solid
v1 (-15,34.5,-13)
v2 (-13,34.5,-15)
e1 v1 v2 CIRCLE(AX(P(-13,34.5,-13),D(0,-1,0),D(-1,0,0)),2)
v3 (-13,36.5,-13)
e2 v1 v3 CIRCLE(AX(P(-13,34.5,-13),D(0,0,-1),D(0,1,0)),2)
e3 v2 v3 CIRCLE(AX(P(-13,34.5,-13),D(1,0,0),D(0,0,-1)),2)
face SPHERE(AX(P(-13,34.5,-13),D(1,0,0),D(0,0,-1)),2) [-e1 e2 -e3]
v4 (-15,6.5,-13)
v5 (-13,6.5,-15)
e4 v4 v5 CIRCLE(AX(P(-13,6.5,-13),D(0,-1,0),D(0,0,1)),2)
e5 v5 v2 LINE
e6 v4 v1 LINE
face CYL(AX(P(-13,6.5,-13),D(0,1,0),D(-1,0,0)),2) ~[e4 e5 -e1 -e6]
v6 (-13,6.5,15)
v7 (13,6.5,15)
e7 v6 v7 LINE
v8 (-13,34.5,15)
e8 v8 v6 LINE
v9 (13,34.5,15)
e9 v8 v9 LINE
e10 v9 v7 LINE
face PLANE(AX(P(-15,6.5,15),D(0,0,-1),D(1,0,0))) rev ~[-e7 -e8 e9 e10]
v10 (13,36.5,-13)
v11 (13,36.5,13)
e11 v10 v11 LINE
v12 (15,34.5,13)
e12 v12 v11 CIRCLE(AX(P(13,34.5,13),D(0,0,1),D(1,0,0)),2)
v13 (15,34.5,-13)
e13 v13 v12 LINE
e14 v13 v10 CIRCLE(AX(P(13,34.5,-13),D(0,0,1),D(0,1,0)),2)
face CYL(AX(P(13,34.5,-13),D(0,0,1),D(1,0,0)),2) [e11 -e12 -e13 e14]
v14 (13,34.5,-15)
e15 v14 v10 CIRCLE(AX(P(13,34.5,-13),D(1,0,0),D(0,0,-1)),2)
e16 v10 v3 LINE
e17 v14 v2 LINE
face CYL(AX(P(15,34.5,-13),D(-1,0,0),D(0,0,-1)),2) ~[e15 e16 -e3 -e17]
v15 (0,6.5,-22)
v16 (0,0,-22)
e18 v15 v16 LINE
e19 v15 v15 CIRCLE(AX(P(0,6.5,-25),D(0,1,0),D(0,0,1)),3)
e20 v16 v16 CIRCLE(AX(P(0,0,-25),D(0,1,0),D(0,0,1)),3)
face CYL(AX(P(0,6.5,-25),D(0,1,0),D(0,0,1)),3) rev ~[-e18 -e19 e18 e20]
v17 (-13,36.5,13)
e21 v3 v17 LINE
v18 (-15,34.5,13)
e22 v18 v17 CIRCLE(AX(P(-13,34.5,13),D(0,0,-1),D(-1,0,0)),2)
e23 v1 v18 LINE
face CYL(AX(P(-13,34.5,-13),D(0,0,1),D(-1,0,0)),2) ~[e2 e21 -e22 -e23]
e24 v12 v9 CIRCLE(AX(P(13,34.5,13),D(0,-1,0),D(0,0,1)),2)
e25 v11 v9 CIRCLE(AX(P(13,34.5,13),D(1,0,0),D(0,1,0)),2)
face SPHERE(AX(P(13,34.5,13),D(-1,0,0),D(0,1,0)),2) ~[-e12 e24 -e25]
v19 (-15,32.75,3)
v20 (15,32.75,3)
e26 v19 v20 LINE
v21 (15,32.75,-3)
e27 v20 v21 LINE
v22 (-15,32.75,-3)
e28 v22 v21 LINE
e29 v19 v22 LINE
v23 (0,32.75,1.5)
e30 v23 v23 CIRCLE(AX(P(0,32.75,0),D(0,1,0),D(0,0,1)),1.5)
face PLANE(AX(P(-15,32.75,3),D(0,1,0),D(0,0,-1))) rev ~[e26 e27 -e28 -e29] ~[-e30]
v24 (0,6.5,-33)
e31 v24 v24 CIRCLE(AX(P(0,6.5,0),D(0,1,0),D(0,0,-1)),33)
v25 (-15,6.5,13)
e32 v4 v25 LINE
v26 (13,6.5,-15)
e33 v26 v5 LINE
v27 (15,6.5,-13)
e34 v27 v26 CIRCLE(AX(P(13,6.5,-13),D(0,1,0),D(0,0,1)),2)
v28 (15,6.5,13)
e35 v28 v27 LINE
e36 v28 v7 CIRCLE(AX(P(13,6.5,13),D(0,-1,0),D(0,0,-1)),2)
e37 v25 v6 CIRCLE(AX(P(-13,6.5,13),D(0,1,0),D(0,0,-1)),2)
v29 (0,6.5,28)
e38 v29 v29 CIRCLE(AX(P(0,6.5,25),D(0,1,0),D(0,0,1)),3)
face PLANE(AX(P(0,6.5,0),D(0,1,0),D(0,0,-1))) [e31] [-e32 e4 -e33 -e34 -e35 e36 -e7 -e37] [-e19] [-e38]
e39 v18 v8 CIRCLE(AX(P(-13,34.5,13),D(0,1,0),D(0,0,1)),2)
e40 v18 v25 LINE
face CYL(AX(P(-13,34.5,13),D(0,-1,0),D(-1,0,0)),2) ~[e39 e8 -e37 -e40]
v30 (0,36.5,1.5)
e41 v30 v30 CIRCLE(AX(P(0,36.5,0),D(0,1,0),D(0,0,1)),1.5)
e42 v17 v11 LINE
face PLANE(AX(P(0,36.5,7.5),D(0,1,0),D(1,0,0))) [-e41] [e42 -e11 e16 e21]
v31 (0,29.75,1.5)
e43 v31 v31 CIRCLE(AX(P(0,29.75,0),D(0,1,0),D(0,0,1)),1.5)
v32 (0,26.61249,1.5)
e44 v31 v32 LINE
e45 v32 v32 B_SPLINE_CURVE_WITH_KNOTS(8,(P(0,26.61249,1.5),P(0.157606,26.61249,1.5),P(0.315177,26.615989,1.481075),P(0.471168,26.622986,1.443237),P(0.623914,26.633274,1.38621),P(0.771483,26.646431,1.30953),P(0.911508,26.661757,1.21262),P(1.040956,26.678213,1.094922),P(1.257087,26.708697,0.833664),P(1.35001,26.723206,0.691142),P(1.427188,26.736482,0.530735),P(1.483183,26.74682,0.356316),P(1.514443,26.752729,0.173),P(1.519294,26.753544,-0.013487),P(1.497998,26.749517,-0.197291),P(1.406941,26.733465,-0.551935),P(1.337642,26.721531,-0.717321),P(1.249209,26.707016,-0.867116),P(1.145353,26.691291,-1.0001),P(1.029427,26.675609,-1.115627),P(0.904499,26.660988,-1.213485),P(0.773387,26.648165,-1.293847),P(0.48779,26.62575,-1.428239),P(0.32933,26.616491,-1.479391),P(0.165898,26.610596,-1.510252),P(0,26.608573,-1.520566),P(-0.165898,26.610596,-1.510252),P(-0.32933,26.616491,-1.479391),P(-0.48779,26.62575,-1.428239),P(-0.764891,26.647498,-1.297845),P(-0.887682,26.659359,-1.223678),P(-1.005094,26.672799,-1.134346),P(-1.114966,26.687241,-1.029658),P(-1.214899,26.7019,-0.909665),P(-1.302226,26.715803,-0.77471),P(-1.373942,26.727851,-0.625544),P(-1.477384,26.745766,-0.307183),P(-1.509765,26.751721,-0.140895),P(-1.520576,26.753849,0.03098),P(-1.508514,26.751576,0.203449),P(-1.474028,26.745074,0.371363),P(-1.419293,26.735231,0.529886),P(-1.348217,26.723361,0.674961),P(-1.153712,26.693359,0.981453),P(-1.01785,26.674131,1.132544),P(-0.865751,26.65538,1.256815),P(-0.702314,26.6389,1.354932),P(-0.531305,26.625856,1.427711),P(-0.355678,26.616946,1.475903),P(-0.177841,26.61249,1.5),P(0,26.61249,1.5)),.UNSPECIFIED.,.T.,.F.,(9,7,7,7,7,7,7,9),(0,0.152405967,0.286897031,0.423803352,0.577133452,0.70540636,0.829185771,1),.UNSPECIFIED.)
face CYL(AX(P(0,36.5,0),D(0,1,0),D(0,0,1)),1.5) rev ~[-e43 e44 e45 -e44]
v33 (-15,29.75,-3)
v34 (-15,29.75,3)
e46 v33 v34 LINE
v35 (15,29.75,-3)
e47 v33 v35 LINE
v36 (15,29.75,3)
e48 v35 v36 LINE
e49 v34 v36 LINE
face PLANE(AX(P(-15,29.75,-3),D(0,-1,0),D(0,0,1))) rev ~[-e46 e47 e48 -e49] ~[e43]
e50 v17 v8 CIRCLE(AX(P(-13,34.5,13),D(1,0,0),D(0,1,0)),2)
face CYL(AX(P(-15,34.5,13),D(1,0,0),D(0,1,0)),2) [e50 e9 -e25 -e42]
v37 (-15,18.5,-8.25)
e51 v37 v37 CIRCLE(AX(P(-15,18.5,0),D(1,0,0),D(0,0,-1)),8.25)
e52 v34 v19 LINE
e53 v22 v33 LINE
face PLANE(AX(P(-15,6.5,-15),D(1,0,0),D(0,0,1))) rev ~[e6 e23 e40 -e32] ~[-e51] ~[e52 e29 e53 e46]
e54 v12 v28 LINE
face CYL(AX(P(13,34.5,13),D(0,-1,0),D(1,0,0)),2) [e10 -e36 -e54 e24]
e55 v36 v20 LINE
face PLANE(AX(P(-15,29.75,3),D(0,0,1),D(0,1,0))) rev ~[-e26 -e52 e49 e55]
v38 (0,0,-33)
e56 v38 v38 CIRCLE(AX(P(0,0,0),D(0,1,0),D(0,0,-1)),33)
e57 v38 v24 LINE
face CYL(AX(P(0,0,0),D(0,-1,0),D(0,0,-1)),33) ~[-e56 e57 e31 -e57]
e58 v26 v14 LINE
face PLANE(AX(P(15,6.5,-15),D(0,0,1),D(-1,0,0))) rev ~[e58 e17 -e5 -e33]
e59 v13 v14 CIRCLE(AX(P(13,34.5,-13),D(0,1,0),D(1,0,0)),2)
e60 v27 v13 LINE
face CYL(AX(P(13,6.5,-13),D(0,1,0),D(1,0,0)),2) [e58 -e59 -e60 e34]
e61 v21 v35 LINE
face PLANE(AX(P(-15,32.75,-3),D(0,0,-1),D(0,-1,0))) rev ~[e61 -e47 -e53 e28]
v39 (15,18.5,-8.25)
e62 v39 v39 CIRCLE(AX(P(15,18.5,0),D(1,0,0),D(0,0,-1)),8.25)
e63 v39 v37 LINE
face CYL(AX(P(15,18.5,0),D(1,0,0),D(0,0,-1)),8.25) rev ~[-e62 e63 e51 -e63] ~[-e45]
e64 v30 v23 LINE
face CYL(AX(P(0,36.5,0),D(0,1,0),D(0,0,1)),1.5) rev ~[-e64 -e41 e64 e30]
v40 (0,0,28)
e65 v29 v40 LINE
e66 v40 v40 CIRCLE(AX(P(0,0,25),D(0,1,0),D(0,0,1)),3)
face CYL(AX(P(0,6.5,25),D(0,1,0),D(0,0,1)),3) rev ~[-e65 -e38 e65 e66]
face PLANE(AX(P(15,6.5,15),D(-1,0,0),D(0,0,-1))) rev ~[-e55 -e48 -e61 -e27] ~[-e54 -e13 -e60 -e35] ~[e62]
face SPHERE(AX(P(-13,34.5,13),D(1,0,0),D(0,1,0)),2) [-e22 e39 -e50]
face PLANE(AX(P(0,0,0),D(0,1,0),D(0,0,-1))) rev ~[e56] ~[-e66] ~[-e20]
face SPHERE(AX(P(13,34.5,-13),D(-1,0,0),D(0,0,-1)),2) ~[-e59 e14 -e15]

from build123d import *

# Parameters (mm, degrees)
SKETCH1_R           = 33
BOSS_EXTRUDE2_DEPTH = 6.5
SKETCH4_R           = 3
CUT_EXTRUDE1_DEPTH  = 6.5
BOSS_EXTRUDE3_DEPTH = 30
SKETCH6_R           = 8.25
CUT_EXTRUDE2_DEPTH  = 30
SKETCH8_R           = 1.5
CUT_EXTRUDE3_DEPTH  = 10
CUT_EXTRUDE4_DEPTH  = 30
FILLET12_R          = 2
FILLET13_R          = 2
FILLET14_R          = 2
FILLET15_R          = 2


with BuildPart() as part:
    # Sketch1 → Boss-Extrude2 (new body)
    with BuildSketch(Plane(origin=(0, 0, 0), x_dir=(1, 0, 0), z_dir=(0, 1, 0))):
        with Locations(Location((0, 0, 0), (0, 0, 90))):
            Circle(SKETCH1_R)
    extrude(amount=BOSS_EXTRUDE2_DEPTH)

    # Sketch4 → Cut-Extrude1 (cut)
    with BuildSketch(Plane(origin=(0, 6.5, 0), x_dir=(1, 0, 0), z_dir=(0, 1, 0))):
        with Locations(Location((0, 25, 0), (0, 0, 270))):
            Circle(SKETCH4_R)
        with Locations(Location((0, -25, 0), (0, 0, 270))):
            Circle(SKETCH4_R)
    extrude(amount=-CUT_EXTRUDE1_DEPTH, mode=Mode.SUBTRACT)

    # Sketch5 → Boss-Extrude3 (add)
    with BuildSketch(Plane(origin=(0, 6.5, 0), x_dir=(1, 0, 0), z_dir=(0, 1, 0))):
        Polygon((15, 0), (0, 0), (-15, 0), (-15, -15), (15, -15), align=None)
        Polygon((-15, 0), (0, 0), (15, 0), (15, 15), (-15, 15), align=None)
    extrude(amount=BOSS_EXTRUDE3_DEPTH)

    # Sketch6 → Cut-Extrude2 (cut)
    with BuildSketch(Plane(origin=(15, 0, 0), x_dir=(0, 0, -1), z_dir=(1, 0, 0))):
        with Locations((0, 18.5)):
            Circle(SKETCH6_R)
    extrude(amount=-CUT_EXTRUDE2_DEPTH, mode=Mode.SUBTRACT)

    # Sketch8 → Cut-Extrude3 (cut)
    with BuildSketch(Plane(origin=(0, 36.5, 0), x_dir=(1, 0, 0), z_dir=(0, 1, 0))):
        with Locations(Location((0, 0, 0), (0, 0, 270))):
            Circle(SKETCH8_R)
    extrude(amount=-CUT_EXTRUDE3_DEPTH, mode=Mode.SUBTRACT)

    # Sketch9 → Cut-Extrude4 (cut)
    with BuildSketch(Plane.ZY.offset(15)):
        Polygon((3, 32.75), (0, 32.75), (-3, 32.75), (-3, 29.75), (3, 29.75), align=None)
    extrude(amount=-CUT_EXTRUDE4_DEPTH, mode=Mode.SUBTRACT)

    # Fillet12
    fillet12_edges = [part.edges().sort_by_distance(p)[0] for p in [
        (0, 36.5, -15),
    ]]
    fillet(fillet12_edges, radius=FILLET12_R)

    # Fillet13
    fillet13_edges = [part.edges().sort_by_distance(p)[0] for p in [
        (0, 36.5, 15),
    ]]
    fillet(fillet13_edges, radius=FILLET13_R)

    # Fillet14
    fillet14_edges = [part.edges().sort_by_distance(p)[0] for p in [
        (15, 20.5, -15),
        (15, 35.914213562, -14.414213562),
        (15, 20.5, 15),
        (15, 36.5, 0),
        (15, 35.914213562, 14.414213562),
    ]]
    fillet(fillet14_edges, radius=FILLET14_R)

    # Fillet15
    fillet15_edges = [part.edges().sort_by_distance(p)[0] for p in [
        (-15, 20.5, -15),
        (-15, 36.5, 0),
        (-15, 35.914213562, -14.414213562),
        (-15, 20.5, 15),
        (-15, 35.914213562, 14.414213562),
    ]]
    fillet(fillet15_edges, radius=FILLET15_R)


solid = part.part
